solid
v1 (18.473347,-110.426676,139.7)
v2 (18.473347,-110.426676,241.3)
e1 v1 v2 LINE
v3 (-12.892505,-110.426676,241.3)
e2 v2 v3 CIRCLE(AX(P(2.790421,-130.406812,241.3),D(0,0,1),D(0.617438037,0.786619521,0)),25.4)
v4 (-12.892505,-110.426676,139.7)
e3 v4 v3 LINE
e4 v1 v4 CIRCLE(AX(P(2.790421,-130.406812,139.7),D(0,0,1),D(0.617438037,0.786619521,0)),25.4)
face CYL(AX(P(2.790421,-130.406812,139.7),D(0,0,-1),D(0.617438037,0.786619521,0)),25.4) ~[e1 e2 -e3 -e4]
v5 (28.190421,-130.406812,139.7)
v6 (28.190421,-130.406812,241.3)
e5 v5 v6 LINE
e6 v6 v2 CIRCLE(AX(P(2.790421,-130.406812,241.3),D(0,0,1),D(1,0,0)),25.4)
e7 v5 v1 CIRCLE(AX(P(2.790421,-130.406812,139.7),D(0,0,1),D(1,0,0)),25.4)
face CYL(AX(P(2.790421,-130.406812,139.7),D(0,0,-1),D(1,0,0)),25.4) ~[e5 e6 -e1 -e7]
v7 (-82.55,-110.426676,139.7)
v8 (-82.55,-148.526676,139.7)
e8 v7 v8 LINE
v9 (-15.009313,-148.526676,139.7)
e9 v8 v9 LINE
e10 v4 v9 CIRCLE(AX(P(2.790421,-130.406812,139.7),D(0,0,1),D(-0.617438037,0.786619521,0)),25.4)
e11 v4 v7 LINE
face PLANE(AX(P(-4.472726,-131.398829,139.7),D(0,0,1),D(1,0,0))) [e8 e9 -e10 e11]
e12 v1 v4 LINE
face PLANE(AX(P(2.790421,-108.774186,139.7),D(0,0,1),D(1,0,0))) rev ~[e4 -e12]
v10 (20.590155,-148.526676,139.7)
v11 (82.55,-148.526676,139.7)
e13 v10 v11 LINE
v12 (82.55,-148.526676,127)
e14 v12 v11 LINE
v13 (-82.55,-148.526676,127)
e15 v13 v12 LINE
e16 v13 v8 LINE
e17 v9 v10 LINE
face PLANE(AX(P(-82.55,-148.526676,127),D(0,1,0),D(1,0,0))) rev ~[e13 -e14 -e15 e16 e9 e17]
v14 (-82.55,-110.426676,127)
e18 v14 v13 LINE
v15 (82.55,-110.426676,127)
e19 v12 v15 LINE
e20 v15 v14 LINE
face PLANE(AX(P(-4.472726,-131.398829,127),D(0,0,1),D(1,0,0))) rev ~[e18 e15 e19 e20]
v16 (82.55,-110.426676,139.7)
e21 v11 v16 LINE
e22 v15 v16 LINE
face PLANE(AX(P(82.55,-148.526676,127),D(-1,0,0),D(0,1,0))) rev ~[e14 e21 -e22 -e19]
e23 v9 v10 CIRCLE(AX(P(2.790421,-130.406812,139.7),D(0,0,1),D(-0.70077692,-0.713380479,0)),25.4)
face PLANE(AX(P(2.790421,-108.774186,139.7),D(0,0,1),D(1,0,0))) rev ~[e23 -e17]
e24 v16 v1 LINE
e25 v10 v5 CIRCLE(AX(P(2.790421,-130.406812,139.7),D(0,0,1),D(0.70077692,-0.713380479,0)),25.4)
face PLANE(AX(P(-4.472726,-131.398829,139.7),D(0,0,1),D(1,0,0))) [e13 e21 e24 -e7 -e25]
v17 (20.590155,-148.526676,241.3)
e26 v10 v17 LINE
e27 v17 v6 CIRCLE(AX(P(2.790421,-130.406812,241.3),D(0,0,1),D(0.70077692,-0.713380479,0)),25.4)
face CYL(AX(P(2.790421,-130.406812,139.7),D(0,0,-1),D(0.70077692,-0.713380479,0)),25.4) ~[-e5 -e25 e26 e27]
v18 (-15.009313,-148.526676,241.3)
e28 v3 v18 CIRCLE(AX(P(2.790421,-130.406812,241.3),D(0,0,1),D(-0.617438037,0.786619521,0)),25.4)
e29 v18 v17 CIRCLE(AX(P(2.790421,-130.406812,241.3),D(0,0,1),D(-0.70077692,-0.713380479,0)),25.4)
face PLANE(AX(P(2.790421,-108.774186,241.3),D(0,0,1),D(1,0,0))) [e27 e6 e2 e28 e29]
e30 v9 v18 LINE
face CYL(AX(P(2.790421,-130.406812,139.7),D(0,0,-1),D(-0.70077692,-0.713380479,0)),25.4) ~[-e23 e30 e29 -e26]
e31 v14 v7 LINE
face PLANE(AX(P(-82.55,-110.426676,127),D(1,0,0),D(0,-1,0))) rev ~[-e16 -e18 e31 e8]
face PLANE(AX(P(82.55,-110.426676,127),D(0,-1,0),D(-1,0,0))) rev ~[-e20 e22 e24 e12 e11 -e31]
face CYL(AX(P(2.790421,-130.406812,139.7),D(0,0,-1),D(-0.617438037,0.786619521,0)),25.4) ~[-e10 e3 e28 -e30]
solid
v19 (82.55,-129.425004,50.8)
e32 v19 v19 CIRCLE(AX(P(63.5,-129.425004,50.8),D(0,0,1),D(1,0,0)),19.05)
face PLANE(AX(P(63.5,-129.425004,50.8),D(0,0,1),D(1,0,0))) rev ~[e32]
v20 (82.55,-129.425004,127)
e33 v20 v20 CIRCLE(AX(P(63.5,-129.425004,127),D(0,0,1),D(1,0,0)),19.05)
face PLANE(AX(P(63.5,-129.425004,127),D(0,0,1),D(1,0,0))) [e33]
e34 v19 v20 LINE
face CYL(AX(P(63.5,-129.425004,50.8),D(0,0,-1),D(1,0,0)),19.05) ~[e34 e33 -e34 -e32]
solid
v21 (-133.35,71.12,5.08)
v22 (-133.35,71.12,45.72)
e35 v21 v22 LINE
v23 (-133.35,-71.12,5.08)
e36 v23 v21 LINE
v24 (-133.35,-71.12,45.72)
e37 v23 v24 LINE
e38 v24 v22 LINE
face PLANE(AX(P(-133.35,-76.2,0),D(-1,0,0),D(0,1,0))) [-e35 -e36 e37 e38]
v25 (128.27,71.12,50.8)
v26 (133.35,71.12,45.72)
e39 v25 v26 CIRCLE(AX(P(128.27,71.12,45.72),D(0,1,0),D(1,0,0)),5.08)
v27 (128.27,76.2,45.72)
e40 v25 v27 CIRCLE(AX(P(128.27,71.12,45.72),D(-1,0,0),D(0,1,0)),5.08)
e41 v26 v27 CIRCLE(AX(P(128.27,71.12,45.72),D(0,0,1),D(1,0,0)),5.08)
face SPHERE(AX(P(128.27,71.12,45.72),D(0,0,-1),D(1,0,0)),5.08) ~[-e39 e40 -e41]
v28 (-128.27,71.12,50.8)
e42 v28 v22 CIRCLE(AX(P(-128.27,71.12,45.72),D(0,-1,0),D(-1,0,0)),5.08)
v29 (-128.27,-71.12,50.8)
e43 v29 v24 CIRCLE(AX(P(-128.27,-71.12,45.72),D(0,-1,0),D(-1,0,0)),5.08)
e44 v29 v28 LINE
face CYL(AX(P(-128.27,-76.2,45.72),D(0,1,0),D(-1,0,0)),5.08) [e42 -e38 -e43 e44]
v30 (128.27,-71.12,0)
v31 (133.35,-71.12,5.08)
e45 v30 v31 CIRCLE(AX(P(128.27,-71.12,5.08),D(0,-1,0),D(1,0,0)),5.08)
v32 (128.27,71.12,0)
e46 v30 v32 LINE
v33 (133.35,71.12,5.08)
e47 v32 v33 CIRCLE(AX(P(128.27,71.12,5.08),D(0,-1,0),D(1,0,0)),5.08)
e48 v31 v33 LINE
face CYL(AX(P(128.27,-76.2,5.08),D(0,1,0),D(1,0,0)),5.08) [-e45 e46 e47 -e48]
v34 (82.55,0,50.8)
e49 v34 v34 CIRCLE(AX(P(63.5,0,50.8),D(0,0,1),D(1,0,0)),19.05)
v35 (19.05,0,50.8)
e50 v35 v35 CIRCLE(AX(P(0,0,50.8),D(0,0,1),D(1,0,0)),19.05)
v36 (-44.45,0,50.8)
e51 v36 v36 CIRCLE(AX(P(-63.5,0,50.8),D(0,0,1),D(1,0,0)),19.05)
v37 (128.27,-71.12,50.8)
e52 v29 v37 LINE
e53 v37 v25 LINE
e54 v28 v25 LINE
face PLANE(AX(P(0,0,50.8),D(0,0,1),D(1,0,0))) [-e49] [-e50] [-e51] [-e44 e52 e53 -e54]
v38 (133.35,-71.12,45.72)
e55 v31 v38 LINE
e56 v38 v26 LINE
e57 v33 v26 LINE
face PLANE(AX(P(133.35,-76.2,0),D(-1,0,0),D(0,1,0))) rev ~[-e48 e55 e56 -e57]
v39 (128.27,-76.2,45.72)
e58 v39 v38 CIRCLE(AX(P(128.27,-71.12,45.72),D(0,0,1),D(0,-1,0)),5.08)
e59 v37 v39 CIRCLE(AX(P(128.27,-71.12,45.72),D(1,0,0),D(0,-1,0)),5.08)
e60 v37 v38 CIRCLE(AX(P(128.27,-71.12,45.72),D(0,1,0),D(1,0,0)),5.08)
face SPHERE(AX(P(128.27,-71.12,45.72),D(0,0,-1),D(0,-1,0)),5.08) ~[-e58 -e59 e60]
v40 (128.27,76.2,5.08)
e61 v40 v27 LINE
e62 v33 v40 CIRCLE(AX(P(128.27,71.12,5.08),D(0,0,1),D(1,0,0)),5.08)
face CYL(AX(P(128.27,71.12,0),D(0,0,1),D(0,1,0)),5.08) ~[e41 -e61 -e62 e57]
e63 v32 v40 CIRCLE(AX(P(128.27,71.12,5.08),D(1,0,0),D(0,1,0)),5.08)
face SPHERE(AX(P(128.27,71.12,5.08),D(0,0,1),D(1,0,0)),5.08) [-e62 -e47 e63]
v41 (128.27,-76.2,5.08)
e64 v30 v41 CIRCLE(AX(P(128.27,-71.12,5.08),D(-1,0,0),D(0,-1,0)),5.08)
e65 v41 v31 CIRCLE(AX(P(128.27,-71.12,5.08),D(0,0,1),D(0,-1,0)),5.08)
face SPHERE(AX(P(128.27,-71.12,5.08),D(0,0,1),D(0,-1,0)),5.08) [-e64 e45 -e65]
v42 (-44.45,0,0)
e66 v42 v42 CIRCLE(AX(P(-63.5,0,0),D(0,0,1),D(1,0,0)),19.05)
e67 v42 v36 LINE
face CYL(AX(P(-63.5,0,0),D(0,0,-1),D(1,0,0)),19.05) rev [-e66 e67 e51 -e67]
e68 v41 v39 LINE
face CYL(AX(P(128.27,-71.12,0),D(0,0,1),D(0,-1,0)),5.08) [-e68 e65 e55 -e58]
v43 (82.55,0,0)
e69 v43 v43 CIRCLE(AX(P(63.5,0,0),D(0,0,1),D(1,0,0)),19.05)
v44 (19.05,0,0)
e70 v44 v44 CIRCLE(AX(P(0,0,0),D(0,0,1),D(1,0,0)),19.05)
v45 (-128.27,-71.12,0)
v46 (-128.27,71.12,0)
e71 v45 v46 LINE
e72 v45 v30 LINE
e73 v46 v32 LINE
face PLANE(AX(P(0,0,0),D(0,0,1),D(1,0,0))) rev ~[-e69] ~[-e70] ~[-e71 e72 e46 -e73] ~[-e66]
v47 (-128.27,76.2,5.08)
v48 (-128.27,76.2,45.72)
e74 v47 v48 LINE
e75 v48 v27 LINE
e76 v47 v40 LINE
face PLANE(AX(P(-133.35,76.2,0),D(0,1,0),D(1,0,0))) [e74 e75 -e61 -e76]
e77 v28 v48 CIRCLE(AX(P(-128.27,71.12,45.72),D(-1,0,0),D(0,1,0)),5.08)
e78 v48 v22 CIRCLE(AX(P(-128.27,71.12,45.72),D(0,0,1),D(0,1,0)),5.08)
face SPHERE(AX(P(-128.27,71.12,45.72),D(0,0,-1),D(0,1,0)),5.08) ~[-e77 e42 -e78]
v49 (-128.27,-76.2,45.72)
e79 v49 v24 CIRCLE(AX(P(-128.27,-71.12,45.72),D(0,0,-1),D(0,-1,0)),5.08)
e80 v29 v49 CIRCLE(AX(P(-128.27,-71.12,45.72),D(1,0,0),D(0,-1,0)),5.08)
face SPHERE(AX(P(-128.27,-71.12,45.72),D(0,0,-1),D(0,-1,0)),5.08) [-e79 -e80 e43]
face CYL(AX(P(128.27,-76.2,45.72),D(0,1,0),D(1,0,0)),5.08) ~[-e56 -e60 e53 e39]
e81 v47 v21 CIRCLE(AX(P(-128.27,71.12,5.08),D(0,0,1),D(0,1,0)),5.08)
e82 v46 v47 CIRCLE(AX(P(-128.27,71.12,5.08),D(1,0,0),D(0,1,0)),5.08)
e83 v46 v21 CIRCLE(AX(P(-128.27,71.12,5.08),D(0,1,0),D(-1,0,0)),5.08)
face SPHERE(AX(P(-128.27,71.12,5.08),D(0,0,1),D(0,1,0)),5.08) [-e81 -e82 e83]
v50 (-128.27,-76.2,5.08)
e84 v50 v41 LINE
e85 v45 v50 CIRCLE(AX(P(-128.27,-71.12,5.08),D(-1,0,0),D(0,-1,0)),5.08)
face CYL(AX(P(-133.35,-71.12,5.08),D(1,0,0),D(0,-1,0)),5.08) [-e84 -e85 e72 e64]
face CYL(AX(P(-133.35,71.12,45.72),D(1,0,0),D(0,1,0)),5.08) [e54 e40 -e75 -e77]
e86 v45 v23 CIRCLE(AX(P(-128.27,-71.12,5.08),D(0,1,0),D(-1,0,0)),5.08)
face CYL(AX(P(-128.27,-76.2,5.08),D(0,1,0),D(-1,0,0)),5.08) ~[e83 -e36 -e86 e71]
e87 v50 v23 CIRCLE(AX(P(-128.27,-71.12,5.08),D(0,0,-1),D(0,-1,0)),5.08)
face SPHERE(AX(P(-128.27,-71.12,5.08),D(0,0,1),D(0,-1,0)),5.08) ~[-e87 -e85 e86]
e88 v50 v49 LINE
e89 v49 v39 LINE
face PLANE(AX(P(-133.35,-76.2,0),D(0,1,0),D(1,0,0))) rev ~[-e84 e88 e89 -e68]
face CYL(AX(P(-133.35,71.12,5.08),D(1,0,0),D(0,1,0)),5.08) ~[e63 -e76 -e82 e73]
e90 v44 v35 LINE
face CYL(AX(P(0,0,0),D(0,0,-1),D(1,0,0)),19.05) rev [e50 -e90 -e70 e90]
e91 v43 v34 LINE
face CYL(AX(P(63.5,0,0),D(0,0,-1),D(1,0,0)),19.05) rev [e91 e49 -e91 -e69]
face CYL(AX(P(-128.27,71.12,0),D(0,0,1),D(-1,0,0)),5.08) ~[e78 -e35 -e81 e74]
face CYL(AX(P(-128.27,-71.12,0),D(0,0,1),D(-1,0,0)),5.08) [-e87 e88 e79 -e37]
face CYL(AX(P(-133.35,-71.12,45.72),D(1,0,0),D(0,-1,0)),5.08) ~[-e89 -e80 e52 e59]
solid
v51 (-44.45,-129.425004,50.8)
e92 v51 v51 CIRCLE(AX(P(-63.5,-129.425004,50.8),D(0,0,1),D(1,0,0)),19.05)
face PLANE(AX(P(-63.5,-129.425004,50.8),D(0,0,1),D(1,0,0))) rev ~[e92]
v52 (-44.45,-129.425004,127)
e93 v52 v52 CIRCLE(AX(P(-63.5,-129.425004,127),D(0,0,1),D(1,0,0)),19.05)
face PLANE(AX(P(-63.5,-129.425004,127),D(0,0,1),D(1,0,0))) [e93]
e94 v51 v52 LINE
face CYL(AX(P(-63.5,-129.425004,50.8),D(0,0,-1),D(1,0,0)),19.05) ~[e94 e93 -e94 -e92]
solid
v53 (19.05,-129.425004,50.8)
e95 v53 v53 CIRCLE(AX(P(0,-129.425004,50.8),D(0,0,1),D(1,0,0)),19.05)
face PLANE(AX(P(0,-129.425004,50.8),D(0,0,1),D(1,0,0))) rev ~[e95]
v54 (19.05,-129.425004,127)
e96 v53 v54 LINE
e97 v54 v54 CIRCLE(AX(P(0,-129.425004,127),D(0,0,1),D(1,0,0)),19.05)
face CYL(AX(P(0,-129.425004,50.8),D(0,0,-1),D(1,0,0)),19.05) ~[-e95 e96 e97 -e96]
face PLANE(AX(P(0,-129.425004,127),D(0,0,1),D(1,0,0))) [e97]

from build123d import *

# Parameters (mm, degrees)
F0_W     = 266.7
F0_H     = 152.4
F0_R     = 19.05
F1_DEPTH = 50.8
F2_R     = 5.08
F3_R     = 19.05
F4_DEPTH = 76.2
F6_DEPTH = 12.7
F8_DEPTH = 101.6


with BuildPart() as f1:
    # F0 (on Top) → F1 (new body)
    with BuildSketch(Plane.XY):
        Rectangle(F0_W, F0_H)
        with Locations((-63.5, 0)):
            Circle(F0_R, mode=Mode.SUBTRACT)
        Circle(F0_R, mode=Mode.SUBTRACT)
        with Locations((63.5, 0)):
            Circle(F0_R, mode=Mode.SUBTRACT)
    extrude(amount=F1_DEPTH)

    # F2
    f2_edges = [f1.edges().sort_by_distance(p)[0] for p in [
        (-133.35, -76.2, 25.4),
        (133.35, -76.2, 25.4),
        (0, -76.2, 0),
        (0, -76.2, 50.8),
        (133.35, 76.2, 25.4),
        (133.35, 0, 0),
        (133.35, 0, 50.8),
        (-133.35, 76.2, 25.4),
        (0, 76.2, 0),
        (0, 76.2, 50.8),
        (-133.35, 0, 0),
        (-133.35, 0, 50.8),
    ]]
    fillet(f2_edges, radius=F2_R)


with BuildPart() as f4:
    # F3 (on face) → F4 (new body)
    with BuildSketch(Plane.XY.offset(50.8)):
        with Locations((-63.5, -129.4250041246)):
            Circle(F3_R)
    extrude(amount=F4_DEPTH)


with BuildPart() as f4b:
    # F3 (on face) → F4, piece 2 (new body)
    with BuildSketch(Plane.XY.offset(50.8)):
        with Locations((0, -129.4250041246)):
            Circle(F3_R)
    extrude(amount=F4_DEPTH)


with BuildPart() as f4c:
    # F3 (on face) → F4, piece 3 (new body)
    with BuildSketch(Plane.XY.offset(50.8)):
        with Locations((63.5, -129.4250041246)):
            Circle(F3_R)
    extrude(amount=F4_DEPTH)


with BuildPart() as f6:
    # F5 (on face) → F6 (new body)
    with BuildSketch(Plane.XY.offset(127)):
        with BuildLine():
            Line((-82.55, -148.526676), (82.55, -148.526676))
            Line((82.55, -148.526676), (82.55, -110.426676))
            Line((82.55, -110.426676), (-62.0978486286, -110.426676))
            ThreePointArc((-62.0978486286, -110.426676), (-49.5426814247, -116.4598293018), (-44.45, -129.4250041246))
            ThreePointArc((-44.45, -129.4250041246), (-63.5, -148.4750041246), (-82.55, -129.4250041246))
            Line((-82.55, -129.4250041246), (-82.55, -148.526676))
        make_face()
        with BuildLine():
            Line((-82.55, -110.426676), (-82.55, -129.4250041246))
            ThreePointArc((-82.55, -129.4250041246), (-77.4573185753, -116.4598293018), (-64.9021513714, -110.426676))
            Line((-64.9021513714, -110.426676), (-82.55, -110.426676))
        make_face()
        with BuildLine():
            ThreePointArc((-64.9021513714, -110.426676), (-77.4573185753, -116.4598293018), (-82.55, -129.4250041246))
            ThreePointArc((-82.55, -129.4250041246), (-63.5, -148.4750041246), (-44.45, -129.4250041246))
            ThreePointArc((-44.45, -129.4250041246), (-49.5426814247, -116.4598293018), (-62.0978486286, -110.426676))
            Line((-62.0978486286, -110.426676), (-64.9021513714, -110.426676))
        make_face()
    extrude(amount=F6_DEPTH)

    # F7 (on face) → F8 (join)
    with BuildSketch(Plane.XY.offset(139.7)):
        with BuildLine():
            Line((-12.8925051179, -110.426676), (18.4733471472, -110.426676))
            ThreePointArc((18.4733471472, -110.426676), (2.7904210147, -105.0068118334), (-12.8925051179, -110.426676))
        make_face()
        with BuildLine():
            ThreePointArc((20.5901547931, -148.526676), (26.2134143969, -140.2314431758), (28.1904210147, -130.4068118334))
            ThreePointArc((28.1904210147, -130.4068118334), (25.6323377881, -119.29794879), (18.4733471472, -110.426676))
            Line((18.4733471472, -110.426676), (-12.8925051179, -110.426676))
            ThreePointArc((-12.8925051179, -110.426676), (-22.5704667592, -128.9977797823), (-15.0093127638, -148.526676))
            Line((-15.0093127638, -148.526676), (20.5901547931, -148.526676))
        make_face()
        with BuildLine():
            ThreePointArc((-15.0093127638, -148.526676), (2.7904210147, -155.8068118334), (20.5901547931, -148.526676))
            Line((20.5901547931, -148.526676), (-15.0093127638, -148.526676))
        make_face()
    extrude(amount=F8_DEPTH)


solid = Compound([f1.part, f4.part, f4b.part, f4c.part, f6.part])
